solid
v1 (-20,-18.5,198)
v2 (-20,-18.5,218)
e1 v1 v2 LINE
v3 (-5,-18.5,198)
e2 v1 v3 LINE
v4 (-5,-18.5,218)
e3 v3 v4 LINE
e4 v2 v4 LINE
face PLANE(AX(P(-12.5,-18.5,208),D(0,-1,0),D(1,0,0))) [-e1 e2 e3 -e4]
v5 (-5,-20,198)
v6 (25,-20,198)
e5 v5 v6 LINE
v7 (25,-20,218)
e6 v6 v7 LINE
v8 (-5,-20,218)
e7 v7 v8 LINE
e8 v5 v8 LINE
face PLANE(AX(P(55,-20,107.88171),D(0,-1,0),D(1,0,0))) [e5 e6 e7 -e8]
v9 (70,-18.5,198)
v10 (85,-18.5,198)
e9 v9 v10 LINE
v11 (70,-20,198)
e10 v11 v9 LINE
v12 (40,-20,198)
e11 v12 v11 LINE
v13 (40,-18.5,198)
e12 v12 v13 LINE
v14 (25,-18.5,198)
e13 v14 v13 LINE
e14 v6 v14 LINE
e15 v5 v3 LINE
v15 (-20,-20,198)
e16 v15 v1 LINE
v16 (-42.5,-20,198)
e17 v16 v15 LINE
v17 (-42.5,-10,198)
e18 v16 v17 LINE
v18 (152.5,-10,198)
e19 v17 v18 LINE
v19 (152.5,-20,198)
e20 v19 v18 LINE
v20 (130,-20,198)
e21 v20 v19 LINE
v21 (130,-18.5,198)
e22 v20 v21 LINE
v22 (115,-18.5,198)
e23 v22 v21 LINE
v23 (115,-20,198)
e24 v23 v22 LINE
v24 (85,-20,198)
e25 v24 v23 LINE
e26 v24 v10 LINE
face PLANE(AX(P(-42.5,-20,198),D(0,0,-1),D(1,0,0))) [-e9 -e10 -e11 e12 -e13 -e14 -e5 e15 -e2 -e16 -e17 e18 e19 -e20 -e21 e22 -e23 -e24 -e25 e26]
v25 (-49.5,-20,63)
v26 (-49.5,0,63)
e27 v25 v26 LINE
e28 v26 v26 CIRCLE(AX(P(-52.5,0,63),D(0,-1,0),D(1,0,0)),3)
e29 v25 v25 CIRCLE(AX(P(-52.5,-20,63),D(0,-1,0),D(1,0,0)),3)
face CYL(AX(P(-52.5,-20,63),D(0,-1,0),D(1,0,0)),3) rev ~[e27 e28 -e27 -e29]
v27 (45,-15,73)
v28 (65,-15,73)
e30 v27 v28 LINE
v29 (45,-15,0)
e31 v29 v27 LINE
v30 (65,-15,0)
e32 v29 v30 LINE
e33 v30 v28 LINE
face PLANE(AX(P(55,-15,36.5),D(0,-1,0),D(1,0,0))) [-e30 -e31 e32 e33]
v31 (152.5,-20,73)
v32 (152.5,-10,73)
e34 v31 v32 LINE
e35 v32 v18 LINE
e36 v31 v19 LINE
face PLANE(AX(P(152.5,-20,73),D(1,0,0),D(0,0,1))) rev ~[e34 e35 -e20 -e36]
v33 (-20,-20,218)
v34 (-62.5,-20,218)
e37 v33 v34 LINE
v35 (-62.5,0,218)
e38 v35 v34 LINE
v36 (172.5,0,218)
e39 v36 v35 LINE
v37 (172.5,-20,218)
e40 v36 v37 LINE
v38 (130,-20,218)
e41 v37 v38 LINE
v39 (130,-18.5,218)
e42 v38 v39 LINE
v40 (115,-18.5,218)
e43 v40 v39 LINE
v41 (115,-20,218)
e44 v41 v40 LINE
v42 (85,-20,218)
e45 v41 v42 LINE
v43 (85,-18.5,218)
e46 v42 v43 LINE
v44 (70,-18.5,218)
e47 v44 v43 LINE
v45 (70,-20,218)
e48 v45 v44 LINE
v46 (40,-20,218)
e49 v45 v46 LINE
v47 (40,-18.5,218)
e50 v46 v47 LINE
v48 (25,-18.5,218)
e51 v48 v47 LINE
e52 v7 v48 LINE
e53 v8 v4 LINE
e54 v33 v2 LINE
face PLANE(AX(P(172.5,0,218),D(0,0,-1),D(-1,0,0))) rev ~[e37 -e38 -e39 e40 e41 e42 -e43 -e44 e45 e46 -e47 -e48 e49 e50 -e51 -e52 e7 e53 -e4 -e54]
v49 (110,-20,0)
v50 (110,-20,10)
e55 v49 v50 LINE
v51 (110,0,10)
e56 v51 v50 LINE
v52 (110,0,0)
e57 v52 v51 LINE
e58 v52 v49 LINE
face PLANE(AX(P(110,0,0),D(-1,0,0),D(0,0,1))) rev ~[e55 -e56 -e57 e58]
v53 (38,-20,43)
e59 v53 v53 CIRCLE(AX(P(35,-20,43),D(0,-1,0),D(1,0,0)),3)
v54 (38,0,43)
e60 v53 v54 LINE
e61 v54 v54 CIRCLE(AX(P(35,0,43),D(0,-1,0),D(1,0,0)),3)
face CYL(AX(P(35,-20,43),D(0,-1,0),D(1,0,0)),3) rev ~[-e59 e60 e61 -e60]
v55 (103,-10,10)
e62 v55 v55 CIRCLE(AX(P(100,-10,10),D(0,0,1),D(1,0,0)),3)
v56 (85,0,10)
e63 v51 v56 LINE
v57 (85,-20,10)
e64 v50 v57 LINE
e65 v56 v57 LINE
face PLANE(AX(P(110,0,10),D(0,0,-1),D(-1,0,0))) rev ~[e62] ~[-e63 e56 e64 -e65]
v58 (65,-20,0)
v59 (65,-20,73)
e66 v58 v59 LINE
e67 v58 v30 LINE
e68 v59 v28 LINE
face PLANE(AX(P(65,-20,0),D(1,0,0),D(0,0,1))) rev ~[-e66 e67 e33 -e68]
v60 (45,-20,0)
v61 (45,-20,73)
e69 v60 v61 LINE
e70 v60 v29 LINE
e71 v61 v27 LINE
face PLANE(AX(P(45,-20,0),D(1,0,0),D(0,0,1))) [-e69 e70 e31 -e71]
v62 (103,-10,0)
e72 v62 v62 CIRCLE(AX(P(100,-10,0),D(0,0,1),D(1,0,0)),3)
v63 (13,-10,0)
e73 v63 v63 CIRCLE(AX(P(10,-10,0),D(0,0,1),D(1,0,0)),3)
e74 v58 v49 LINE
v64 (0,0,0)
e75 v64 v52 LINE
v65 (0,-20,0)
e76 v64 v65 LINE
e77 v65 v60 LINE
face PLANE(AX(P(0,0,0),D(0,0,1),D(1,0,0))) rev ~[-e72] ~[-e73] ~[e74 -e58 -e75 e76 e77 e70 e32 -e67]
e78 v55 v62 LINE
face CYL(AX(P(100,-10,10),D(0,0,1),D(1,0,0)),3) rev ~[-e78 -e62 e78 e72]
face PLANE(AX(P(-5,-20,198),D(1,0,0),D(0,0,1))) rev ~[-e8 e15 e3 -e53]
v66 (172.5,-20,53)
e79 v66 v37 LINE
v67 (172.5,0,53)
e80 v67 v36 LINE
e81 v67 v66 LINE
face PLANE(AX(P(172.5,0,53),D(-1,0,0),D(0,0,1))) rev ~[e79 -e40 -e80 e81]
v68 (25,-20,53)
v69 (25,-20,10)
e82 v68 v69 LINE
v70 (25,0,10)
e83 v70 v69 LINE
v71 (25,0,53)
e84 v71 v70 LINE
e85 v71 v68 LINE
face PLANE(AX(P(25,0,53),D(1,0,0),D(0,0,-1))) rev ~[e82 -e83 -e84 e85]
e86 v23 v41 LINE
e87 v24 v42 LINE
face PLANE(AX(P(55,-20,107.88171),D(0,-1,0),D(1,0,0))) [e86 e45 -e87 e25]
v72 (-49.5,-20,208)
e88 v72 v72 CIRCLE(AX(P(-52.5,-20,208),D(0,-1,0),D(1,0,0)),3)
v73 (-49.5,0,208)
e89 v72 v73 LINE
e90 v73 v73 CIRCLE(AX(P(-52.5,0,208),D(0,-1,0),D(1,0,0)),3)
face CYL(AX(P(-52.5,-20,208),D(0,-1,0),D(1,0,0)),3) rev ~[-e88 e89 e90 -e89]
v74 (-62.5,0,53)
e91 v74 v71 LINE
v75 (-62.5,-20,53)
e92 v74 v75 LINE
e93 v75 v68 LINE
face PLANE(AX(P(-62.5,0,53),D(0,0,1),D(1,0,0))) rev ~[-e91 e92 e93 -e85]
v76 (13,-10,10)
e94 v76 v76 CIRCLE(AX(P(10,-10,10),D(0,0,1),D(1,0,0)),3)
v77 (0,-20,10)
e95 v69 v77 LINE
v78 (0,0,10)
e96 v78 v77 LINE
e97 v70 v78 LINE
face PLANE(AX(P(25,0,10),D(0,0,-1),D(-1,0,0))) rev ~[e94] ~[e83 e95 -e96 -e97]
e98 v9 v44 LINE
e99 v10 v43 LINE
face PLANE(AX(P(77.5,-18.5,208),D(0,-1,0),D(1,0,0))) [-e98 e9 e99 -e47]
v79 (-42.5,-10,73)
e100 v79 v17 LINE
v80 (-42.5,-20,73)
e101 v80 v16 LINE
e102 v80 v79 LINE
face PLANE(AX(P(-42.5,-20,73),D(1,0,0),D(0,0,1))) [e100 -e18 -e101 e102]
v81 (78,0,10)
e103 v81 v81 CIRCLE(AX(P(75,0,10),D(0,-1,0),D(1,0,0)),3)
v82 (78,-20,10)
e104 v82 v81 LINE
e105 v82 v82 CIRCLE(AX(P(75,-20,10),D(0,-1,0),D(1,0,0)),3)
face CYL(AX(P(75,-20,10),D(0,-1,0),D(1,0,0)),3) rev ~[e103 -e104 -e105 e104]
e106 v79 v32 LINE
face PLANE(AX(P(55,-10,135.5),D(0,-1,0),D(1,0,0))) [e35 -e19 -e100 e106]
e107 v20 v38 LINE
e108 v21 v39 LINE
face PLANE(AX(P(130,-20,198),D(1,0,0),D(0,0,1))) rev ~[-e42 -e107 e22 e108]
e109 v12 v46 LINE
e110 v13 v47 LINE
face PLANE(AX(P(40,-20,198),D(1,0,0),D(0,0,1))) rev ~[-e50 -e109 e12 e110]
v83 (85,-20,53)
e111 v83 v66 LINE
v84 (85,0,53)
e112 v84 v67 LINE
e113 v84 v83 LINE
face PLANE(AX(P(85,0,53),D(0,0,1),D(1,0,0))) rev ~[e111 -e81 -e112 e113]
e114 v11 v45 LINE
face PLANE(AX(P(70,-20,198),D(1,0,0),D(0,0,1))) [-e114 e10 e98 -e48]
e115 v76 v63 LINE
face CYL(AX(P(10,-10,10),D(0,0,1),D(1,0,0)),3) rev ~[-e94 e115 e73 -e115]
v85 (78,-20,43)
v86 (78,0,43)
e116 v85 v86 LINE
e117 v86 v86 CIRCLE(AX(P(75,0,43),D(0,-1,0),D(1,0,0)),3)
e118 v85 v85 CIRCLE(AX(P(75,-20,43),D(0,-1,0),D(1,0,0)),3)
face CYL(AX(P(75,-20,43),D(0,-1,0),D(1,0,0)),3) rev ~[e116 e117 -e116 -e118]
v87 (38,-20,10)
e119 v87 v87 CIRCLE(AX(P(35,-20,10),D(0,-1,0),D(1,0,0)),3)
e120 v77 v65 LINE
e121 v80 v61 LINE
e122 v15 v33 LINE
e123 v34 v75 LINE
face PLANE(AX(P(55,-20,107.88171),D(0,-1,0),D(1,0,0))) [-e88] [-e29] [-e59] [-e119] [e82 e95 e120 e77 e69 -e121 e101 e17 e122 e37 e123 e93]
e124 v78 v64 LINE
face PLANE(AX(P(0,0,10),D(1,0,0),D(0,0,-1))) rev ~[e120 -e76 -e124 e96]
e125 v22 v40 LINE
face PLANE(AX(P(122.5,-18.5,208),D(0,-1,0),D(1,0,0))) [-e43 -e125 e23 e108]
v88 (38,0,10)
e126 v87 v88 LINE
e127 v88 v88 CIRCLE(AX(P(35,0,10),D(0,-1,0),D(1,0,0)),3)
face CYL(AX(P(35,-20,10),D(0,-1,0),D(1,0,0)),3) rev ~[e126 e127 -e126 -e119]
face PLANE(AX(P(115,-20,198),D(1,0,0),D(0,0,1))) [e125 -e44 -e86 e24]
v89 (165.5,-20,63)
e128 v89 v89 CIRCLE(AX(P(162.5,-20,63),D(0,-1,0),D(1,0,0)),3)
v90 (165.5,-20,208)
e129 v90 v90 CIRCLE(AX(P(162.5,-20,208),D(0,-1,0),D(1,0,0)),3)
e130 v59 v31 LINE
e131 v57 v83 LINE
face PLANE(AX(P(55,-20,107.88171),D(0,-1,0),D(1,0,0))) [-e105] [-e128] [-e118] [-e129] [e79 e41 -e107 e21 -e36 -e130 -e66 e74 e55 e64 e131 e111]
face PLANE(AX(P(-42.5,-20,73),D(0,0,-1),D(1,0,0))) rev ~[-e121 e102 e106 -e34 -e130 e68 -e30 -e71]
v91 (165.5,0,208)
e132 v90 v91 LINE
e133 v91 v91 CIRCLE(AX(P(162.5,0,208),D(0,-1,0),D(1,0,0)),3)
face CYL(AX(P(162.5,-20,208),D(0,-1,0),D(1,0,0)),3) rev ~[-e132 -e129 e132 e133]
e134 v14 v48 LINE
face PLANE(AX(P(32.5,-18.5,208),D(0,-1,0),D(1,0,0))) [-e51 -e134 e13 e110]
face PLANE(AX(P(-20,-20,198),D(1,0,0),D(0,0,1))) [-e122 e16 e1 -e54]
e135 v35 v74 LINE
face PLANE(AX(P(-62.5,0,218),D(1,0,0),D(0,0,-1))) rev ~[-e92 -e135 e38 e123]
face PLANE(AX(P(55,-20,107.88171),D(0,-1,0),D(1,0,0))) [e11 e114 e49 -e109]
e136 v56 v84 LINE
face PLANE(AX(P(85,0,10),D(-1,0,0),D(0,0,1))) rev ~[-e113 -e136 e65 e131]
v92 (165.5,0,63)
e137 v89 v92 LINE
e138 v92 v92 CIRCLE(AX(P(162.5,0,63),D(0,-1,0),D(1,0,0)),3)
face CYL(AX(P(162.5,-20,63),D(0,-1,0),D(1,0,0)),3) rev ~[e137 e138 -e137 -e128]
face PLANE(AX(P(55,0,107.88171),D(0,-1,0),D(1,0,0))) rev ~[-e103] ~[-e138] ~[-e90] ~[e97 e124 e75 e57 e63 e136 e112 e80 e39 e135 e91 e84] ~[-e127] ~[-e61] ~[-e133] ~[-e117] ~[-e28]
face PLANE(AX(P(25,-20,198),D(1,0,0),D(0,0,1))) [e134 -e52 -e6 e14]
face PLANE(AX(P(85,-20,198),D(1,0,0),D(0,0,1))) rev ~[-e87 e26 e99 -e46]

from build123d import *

# Parameters (mm, degrees)
F1_DEPTH  = 20
F3_W      = 195
F3_H      = 125
F4_DEPTH  = 10
F5_W      = 20
F5_H      = 73
F6_DEPTH  = 5
F7_R      = 3
F8_DEPTH  = 20.001
F9_R      = 3
F10_DEPTH = 10.001
F12_W     = 15
F12_H     = 20
F13_DEPTH = 1.5


with BuildPart() as f1:
    # F0 (on Front) → F1 (new body)
    with BuildSketch(Plane.XZ):
        Polygon((0, 10), (0, 0), (110, 0), (110, 10), (85, 10), (85, 53), (172.5, 53), (172.5, 218), (-62.5, 218), (-62.5, 53), (25, 53), (25, 10), align=None)
    extrude(amount=F1_DEPTH)

    # F3 (on face) → F4 (cut)
    with BuildSketch(Plane.XZ.offset(20)):
        with Locations((55, 135.5)):
            Rectangle(F3_W, F3_H)
    extrude(amount=-F4_DEPTH, mode=Mode.SUBTRACT)

    # F5 (on face) → F6 (cut)
    with BuildSketch(Plane.XZ.offset(20)):
        with Locations((55, 36.5)):
            Rectangle(F5_W, F5_H)
    extrude(amount=-F6_DEPTH, mode=Mode.SUBTRACT)

    # F7 (on face) → F8 (cut, through all)
    with BuildSketch(Plane.XZ.offset(20)):
        with Locations((-52.5, 208)):
            Circle(F7_R)
        with Locations((162.5, 208)):
            Circle(F7_R)
        with Locations((162.5, 63)):
            Circle(F7_R)
        with Locations((-52.5, 63)):
            Circle(F7_R)
        with Locations((35, 10)):
            Circle(F7_R)
        with Locations((35, 43)):
            Circle(F7_R)
        with Locations((75, 43)):
            Circle(F7_R)
        with Locations((75, 10)):
            Circle(F7_R)
    extrude(amount=-F8_DEPTH, mode=Mode.SUBTRACT)

    # F9 (on face) → F10 (cut, through all)
    with BuildSketch(Plane.XY.offset(10)):
        with Locations((10, -10)):
            Circle(F9_R)
        with Locations((100, -10)):
            Circle(F9_R)
    extrude(amount=-F10_DEPTH, mode=Mode.SUBTRACT)

    # F12 (on face) → F13 (cut)
    with BuildSketch(Plane.XZ.offset(20)):
        with Locations((-12.5, 208)):
            Rectangle(F12_W, F12_H)
        with Locations((32.5, 208)):
            Rectangle(F12_W, F12_H)
        with Locations((77.5, 208)):
            Rectangle(F12_W, F12_H)
        with Locations((122.5, 208)):
            Rectangle(F12_W, F12_H)
    extrude(amount=-F13_DEPTH, mode=Mode.SUBTRACT)


solid = f1.part
